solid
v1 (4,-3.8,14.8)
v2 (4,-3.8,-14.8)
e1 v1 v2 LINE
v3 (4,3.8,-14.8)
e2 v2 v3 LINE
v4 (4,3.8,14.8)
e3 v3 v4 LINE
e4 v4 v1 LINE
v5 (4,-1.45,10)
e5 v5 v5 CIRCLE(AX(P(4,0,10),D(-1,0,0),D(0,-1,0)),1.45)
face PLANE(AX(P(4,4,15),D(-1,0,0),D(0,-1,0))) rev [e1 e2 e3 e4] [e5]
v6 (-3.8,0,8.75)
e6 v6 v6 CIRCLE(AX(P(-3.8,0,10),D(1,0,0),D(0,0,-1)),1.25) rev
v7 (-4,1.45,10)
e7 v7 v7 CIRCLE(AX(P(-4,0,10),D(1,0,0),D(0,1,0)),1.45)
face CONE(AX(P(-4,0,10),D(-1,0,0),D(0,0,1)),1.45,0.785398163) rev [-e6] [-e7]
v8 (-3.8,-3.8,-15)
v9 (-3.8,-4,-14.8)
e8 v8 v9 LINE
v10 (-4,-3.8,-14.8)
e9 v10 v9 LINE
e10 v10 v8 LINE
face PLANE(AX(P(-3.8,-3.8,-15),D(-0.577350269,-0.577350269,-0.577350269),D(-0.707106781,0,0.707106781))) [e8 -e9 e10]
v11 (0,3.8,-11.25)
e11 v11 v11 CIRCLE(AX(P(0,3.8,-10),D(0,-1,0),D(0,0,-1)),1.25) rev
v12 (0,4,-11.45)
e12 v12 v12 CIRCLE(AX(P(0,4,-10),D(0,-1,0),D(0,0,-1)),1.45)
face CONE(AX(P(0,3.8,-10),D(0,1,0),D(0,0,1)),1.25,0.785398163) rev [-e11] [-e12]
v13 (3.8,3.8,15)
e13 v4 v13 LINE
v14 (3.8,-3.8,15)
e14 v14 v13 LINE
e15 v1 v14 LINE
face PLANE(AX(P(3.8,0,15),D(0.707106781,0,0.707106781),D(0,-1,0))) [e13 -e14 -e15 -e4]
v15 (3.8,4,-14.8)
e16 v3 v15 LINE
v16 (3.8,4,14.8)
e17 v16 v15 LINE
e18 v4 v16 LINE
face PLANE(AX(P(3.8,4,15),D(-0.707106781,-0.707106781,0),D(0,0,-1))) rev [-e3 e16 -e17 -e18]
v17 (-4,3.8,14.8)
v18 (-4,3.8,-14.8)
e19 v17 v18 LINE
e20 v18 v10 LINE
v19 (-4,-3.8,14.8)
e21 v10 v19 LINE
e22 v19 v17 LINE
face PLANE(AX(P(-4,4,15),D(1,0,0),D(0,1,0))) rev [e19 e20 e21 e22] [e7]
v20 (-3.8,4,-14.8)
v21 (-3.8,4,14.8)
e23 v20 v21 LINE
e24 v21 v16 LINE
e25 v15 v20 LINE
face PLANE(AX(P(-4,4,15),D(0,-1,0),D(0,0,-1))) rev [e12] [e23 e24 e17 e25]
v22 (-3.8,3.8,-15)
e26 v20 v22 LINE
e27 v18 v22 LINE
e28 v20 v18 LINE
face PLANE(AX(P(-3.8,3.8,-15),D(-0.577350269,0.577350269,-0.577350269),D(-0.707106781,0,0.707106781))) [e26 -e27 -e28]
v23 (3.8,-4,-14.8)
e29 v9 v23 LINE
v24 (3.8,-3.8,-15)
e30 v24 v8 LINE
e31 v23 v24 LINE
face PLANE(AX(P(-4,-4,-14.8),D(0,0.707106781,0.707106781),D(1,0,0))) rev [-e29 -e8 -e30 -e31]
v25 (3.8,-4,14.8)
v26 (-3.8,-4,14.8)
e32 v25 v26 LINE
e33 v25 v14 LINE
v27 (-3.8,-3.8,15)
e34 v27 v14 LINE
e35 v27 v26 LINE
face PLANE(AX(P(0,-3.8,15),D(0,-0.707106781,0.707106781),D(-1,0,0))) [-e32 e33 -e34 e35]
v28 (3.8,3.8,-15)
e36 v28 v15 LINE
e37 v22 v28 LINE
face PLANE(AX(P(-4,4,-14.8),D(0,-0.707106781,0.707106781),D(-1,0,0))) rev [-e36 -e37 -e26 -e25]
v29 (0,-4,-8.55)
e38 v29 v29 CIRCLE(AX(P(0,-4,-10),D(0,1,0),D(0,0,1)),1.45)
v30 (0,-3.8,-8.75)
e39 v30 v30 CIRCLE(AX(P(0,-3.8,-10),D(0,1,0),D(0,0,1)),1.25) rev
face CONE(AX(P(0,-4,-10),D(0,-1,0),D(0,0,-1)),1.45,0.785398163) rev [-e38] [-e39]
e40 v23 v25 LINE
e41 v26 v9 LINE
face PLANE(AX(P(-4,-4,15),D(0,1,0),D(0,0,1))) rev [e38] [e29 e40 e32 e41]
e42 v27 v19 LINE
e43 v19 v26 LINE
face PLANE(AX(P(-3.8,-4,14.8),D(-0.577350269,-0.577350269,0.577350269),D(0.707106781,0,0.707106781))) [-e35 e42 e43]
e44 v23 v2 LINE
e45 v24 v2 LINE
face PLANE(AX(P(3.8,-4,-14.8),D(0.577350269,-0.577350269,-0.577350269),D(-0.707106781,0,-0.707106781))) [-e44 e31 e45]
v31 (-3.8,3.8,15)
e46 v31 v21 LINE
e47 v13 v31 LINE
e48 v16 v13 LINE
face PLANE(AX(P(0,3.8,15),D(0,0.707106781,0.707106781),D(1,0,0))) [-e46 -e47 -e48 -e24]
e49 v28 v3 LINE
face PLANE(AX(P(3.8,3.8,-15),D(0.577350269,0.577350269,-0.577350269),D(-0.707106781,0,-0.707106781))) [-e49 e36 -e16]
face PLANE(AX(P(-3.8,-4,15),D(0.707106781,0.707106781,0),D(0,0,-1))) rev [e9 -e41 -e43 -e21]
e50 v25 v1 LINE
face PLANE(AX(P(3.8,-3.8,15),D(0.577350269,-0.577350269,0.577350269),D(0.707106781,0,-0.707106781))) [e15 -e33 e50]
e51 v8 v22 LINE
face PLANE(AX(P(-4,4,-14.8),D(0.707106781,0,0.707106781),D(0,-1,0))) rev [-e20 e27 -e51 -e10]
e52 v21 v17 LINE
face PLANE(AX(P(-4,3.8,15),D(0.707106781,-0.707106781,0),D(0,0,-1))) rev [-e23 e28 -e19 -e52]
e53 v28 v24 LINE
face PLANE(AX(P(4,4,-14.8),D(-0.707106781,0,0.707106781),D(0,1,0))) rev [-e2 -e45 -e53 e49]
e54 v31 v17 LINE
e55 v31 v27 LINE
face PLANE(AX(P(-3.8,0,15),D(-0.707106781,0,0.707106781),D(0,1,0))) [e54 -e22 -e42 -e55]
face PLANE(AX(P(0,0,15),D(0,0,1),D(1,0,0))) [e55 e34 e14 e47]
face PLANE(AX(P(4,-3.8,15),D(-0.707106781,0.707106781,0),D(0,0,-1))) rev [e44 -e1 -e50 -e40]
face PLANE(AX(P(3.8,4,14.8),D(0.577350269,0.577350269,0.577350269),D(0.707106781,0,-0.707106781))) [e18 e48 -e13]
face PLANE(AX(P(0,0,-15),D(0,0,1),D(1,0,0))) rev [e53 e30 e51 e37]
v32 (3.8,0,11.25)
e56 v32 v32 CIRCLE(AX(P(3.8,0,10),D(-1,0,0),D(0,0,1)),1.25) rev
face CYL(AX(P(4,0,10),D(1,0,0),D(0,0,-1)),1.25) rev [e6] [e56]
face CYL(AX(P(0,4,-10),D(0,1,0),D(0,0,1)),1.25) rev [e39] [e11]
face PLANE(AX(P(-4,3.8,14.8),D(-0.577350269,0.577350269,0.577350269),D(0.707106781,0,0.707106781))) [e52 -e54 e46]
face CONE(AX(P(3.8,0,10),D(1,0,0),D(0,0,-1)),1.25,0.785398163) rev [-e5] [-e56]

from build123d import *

# Parameters (mm, degrees)
SKETCH_1_W         = 8
SKETCH_1_H         = 8
EXTRUDE_1_DEPTH    = 15
HOLE_WIZARD_M3_1_D = 2.5
HOLE_WIZARD_M3_2_D = 2.5
CHAMFER_1_SIZE     = 0.2


with BuildPart() as part:
    # 草图1 → 凸台-拉伸1 (new, symmetric)
    with BuildSketch(Plane.XY):
        Rectangle(SKETCH_1_W, SKETCH_1_H)
    extrude(amount=EXTRUDE_1_DEPTH, both=True)

    # M3 螺纹孔1 (through all)
    with Locations(Plane(origin=(4, 0, 0), x_dir=(0, 0, -1), z_dir=(1, 0, 0))):
        with Locations((-10, 0)):
            Hole(HOLE_WIZARD_M3_1_D / 2)

    # M3 螺纹孔2 (through all)
    with Locations(Plane(origin=(0, 4, 0), x_dir=(1, 0, 0), z_dir=(0, 1, 0))):
        with Locations((0, 10)):
            Hole(HOLE_WIZARD_M3_2_D / 2)

    # 倒角1
    chamfer_1_edges = [part.edges().sort_by_distance(p)[0] for p in [
        (-4, 0, 15),
        (4, 0, 8.75),
        (-4, 0, 8.75),
        (0, -4, 15),
        (1.25, 4, -10),
        (1.25, -4, -10),
        (4, 0, 15),
        (0, -4, -15),
        (-4, 0, -15),
        (0, 4, -15),
        (4, 0, -15),
        (4, -4, 0),
        (-4, -4, 0),
        (-4, 4, 0),
        (4, 4, 0),
        (0, 4, 15),
    ]]
    chamfer(chamfer_1_edges, length=CHAMFER_1_SIZE)


solid = part.part
